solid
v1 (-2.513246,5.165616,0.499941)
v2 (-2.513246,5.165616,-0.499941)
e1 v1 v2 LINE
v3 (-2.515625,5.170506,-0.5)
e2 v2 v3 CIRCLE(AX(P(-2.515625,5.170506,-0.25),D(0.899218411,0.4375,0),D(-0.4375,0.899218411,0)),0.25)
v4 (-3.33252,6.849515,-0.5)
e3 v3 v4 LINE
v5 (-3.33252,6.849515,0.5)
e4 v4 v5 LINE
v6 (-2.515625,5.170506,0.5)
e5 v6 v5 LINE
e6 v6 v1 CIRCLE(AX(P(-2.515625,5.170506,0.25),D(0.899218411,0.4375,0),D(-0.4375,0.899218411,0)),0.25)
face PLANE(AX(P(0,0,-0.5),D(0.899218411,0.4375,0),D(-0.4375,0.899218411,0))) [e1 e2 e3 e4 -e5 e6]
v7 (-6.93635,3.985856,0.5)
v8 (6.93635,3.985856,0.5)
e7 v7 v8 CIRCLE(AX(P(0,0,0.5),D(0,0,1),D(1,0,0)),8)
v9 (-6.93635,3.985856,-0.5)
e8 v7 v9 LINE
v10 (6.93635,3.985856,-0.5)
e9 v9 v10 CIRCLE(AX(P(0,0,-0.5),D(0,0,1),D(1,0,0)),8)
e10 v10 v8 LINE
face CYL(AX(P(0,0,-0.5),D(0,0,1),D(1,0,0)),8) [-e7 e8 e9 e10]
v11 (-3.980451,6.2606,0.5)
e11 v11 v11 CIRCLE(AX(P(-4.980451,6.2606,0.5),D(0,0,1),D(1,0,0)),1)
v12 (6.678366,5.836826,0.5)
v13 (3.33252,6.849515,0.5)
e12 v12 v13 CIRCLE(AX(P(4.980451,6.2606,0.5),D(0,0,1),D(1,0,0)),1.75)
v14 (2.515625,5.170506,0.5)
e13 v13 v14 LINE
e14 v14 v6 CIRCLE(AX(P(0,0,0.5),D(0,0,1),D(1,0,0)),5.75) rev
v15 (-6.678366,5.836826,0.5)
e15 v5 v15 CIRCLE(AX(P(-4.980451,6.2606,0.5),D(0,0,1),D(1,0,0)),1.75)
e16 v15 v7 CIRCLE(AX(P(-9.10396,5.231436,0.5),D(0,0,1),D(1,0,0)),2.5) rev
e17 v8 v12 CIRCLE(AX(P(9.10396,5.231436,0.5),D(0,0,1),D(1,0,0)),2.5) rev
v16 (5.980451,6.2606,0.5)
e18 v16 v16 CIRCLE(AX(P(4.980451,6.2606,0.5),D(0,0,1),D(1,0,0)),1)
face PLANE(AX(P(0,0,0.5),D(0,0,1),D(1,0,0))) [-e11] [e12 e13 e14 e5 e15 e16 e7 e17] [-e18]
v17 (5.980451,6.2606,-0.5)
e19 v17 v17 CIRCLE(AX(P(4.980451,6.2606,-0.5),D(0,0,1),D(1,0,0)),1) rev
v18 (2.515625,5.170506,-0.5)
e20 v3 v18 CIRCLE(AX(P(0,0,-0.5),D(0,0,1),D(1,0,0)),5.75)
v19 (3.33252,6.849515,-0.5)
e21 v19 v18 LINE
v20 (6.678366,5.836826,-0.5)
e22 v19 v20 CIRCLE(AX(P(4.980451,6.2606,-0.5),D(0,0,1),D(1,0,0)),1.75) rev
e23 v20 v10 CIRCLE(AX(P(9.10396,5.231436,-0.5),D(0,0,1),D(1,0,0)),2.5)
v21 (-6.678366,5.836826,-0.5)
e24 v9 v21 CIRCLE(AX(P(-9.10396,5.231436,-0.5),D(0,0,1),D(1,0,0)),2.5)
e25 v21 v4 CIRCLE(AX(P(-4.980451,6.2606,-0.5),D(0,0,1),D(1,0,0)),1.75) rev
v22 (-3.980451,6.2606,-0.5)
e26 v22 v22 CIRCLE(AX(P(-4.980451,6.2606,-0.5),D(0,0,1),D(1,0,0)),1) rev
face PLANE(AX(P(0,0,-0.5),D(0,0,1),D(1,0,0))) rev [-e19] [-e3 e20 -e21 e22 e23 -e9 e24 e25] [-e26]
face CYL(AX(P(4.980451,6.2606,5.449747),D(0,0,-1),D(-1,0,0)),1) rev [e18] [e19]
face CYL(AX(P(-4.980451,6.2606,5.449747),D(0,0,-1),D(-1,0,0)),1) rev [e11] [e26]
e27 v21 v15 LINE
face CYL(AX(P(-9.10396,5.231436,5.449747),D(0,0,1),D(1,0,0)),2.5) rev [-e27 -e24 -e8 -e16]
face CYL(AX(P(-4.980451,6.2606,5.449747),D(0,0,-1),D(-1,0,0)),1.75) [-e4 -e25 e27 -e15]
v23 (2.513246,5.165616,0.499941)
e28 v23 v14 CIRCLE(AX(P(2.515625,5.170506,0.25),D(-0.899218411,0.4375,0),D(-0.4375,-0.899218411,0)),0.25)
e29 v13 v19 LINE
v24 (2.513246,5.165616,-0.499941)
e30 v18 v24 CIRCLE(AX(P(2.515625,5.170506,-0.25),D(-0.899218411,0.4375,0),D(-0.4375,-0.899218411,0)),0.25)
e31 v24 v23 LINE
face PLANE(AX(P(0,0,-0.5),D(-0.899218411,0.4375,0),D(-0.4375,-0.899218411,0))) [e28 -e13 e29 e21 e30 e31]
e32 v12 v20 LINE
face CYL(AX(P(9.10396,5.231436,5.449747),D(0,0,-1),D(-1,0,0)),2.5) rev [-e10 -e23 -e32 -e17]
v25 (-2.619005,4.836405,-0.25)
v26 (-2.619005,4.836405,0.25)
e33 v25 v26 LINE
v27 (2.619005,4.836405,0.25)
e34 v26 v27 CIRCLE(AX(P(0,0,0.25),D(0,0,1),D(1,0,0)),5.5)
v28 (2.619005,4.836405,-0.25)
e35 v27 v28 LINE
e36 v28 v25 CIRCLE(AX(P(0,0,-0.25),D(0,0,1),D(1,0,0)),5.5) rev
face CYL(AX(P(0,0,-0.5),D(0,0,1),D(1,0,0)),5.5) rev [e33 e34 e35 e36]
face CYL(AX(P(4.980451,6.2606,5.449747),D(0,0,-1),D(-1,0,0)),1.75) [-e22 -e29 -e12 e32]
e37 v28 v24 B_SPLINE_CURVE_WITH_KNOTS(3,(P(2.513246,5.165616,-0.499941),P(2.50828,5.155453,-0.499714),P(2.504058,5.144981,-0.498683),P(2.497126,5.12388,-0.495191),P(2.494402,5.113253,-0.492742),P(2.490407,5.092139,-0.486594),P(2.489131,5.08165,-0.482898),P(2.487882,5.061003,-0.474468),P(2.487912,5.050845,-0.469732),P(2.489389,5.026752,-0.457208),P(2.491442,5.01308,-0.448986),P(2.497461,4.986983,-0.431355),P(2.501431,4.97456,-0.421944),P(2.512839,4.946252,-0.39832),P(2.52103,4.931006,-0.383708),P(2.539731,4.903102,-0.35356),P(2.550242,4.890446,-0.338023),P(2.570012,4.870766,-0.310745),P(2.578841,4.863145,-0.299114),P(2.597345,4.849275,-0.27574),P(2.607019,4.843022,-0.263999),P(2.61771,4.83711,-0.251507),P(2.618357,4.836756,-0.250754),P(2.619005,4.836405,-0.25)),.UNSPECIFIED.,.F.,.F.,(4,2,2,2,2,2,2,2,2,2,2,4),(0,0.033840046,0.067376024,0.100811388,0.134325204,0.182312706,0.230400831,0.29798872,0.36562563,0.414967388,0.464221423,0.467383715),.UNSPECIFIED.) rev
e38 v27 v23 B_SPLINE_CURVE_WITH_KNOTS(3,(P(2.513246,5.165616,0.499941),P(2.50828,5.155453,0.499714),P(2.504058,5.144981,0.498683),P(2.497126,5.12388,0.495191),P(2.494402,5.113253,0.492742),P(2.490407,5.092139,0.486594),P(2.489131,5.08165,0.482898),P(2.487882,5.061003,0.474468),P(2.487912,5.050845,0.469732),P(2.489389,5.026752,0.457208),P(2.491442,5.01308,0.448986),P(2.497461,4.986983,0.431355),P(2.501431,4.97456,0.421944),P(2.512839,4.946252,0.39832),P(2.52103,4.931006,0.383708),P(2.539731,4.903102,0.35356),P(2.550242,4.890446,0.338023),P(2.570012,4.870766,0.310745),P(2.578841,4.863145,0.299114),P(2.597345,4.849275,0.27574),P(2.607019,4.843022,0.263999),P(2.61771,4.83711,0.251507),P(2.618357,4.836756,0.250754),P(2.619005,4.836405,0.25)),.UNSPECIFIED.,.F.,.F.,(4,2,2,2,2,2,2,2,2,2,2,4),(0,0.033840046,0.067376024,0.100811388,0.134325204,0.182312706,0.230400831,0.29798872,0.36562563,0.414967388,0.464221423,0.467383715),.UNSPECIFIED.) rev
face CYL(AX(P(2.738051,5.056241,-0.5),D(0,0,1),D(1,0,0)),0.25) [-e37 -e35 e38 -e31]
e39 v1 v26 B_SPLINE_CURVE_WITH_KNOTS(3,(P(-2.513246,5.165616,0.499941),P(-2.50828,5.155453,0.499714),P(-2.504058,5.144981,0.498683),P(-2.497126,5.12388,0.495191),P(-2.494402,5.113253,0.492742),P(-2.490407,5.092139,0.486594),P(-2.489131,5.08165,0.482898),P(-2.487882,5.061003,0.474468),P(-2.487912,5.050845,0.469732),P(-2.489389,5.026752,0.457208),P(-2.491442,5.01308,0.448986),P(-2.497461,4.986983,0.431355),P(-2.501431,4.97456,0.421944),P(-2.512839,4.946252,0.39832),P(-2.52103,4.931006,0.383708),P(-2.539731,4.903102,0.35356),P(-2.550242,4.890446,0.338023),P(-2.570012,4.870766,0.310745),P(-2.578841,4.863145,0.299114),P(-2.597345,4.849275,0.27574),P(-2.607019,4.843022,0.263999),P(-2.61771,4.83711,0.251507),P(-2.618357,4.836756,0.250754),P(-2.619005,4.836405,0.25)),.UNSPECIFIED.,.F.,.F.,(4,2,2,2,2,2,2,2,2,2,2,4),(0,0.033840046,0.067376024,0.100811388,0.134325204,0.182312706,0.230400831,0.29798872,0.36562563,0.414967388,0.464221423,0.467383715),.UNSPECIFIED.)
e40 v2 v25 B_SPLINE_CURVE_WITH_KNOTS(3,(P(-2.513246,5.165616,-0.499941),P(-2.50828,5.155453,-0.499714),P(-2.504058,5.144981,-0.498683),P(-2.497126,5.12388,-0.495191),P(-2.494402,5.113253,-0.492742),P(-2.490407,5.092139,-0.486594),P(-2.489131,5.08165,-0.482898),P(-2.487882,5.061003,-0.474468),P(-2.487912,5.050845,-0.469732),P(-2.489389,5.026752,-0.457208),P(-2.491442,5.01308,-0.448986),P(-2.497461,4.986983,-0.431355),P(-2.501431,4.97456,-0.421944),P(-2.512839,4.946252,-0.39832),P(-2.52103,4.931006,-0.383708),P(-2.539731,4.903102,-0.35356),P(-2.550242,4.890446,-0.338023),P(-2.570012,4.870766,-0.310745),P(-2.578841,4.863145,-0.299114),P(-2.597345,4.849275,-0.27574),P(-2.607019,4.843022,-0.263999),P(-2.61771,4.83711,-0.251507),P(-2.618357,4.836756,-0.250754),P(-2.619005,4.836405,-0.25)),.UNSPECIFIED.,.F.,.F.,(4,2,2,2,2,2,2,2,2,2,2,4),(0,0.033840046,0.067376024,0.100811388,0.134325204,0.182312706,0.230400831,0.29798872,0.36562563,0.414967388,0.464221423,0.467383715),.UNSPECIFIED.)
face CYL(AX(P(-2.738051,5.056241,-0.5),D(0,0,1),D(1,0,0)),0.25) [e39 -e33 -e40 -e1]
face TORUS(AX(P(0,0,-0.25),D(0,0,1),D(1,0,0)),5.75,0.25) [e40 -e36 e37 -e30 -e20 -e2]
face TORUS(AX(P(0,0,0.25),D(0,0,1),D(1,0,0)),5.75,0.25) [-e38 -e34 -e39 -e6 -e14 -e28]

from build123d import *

# Parameters (mm, degrees)
BOSS_EXTRUDE1_DEPTH      = 0.5
BOSS_EXTRUDE1_DEPTH_BACK = 0.5
BOSS_EXTRUDE2_START      = -0.5
SKETCH2_R                = 1.75
SKETCH2_R_2              = 1
BOSS_EXTRUDE2_DEPTH      = 1
FILLET1_R                = 2.5
CUT_EXTRUDE1_DEPTH       = 12.332242011
CUT_EXTRUDE1_DEPTH_BACK  = 12.332242011
SKETCH2_2_R              = 1
FILLET4_R                = 0.25


with BuildPart() as part:
    # Sketch1 → Boss-Extrude1 (new, two sides: drawn at the far end of the back side and taken through both)
    with BuildSketch(Plane.XY.offset(-BOSS_EXTRUDE1_DEPTH_BACK)):
        with BuildLine():
            ThreePointArc((8, 0), (6.782329983, 4.242640687), (3.5, 7.193747285))
            Line((3.5, 7.193747285), (2.40625, 4.945701258))
            ThreePointArc((2.40625, 4.945701258), (4.662851863, 2.916815472), (5.5, 0))
            ThreePointArc((5.5, 0), (-2.916815472, -4.662851863), (-2.40625, 4.945701258))
            Line((-2.40625, 4.945701258), (-3.5, 7.193747285))
            ThreePointArc((-3.5, 7.193747285), (-4.242640687, -6.782329983), (8, 0))
        make_face()
    extrude(amount=BOSS_EXTRUDE1_DEPTH + BOSS_EXTRUDE1_DEPTH_BACK)

    # Sketch2 → Boss-Extrude2 (add)
    # profile 1 of 2: a face of its own
    with BuildSketch(Plane.XY.offset(BOSS_EXTRUDE2_START)):
        with Locations((-4.980451069, 6.260599584)):
            Circle(SKETCH2_R)
        with Locations((-4.980451069, 6.260599584)):
            Circle(SKETCH2_R_2, mode=Mode.SUBTRACT)
    # profile 2 of 2: a face of its own
    with BuildSketch(Plane.XY.offset(BOSS_EXTRUDE2_START)):
        with Locations((4.980451069, 6.260599584)):
            Circle(SKETCH2_R)
        with Locations((4.980451069, 6.260599584)):
            Circle(SKETCH2_R_2, mode=Mode.SUBTRACT)
    extrude(amount=BOSS_EXTRUDE2_DEPTH)

    # Fillet1
    fillet1_edges = [part.edges().sort_by_distance(p)[0] for p in [
        (-6.222579772, 5.02787241, 0),
        (6.222579772, 5.02787241, 0),
    ]]
    fillet(fillet1_edges, radius=FILLET1_R)

    # Sketch2<2> → Cut-Extrude1 (cut, two sides: drawn at the far end of the back side and taken through both)
    with BuildSketch(Plane.XY.offset(-CUT_EXTRUDE1_DEPTH_BACK)):
        with Locations((-4.980451069, 6.260599584)):
            Circle(SKETCH2_2_R)
        with Locations((4.980451069, 6.260599584)):
            Circle(SKETCH2_2_R)
    extrude(amount=CUT_EXTRUDE1_DEPTH + CUT_EXTRUDE1_DEPTH_BACK, mode=Mode.SUBTRACT)

    # Fillet4
    fillet4_edges = [part.edges().sort_by_distance(p)[0] for p in [
        (0, -5.5, 0.5),
        (0, -5.5, -0.5),
        (2.40625, 4.945701258, 0),
        (-2.40625, 4.945701258, 0),
    ]]
    fillet(fillet4_edges, radius=FILLET4_R)


solid = part.part
